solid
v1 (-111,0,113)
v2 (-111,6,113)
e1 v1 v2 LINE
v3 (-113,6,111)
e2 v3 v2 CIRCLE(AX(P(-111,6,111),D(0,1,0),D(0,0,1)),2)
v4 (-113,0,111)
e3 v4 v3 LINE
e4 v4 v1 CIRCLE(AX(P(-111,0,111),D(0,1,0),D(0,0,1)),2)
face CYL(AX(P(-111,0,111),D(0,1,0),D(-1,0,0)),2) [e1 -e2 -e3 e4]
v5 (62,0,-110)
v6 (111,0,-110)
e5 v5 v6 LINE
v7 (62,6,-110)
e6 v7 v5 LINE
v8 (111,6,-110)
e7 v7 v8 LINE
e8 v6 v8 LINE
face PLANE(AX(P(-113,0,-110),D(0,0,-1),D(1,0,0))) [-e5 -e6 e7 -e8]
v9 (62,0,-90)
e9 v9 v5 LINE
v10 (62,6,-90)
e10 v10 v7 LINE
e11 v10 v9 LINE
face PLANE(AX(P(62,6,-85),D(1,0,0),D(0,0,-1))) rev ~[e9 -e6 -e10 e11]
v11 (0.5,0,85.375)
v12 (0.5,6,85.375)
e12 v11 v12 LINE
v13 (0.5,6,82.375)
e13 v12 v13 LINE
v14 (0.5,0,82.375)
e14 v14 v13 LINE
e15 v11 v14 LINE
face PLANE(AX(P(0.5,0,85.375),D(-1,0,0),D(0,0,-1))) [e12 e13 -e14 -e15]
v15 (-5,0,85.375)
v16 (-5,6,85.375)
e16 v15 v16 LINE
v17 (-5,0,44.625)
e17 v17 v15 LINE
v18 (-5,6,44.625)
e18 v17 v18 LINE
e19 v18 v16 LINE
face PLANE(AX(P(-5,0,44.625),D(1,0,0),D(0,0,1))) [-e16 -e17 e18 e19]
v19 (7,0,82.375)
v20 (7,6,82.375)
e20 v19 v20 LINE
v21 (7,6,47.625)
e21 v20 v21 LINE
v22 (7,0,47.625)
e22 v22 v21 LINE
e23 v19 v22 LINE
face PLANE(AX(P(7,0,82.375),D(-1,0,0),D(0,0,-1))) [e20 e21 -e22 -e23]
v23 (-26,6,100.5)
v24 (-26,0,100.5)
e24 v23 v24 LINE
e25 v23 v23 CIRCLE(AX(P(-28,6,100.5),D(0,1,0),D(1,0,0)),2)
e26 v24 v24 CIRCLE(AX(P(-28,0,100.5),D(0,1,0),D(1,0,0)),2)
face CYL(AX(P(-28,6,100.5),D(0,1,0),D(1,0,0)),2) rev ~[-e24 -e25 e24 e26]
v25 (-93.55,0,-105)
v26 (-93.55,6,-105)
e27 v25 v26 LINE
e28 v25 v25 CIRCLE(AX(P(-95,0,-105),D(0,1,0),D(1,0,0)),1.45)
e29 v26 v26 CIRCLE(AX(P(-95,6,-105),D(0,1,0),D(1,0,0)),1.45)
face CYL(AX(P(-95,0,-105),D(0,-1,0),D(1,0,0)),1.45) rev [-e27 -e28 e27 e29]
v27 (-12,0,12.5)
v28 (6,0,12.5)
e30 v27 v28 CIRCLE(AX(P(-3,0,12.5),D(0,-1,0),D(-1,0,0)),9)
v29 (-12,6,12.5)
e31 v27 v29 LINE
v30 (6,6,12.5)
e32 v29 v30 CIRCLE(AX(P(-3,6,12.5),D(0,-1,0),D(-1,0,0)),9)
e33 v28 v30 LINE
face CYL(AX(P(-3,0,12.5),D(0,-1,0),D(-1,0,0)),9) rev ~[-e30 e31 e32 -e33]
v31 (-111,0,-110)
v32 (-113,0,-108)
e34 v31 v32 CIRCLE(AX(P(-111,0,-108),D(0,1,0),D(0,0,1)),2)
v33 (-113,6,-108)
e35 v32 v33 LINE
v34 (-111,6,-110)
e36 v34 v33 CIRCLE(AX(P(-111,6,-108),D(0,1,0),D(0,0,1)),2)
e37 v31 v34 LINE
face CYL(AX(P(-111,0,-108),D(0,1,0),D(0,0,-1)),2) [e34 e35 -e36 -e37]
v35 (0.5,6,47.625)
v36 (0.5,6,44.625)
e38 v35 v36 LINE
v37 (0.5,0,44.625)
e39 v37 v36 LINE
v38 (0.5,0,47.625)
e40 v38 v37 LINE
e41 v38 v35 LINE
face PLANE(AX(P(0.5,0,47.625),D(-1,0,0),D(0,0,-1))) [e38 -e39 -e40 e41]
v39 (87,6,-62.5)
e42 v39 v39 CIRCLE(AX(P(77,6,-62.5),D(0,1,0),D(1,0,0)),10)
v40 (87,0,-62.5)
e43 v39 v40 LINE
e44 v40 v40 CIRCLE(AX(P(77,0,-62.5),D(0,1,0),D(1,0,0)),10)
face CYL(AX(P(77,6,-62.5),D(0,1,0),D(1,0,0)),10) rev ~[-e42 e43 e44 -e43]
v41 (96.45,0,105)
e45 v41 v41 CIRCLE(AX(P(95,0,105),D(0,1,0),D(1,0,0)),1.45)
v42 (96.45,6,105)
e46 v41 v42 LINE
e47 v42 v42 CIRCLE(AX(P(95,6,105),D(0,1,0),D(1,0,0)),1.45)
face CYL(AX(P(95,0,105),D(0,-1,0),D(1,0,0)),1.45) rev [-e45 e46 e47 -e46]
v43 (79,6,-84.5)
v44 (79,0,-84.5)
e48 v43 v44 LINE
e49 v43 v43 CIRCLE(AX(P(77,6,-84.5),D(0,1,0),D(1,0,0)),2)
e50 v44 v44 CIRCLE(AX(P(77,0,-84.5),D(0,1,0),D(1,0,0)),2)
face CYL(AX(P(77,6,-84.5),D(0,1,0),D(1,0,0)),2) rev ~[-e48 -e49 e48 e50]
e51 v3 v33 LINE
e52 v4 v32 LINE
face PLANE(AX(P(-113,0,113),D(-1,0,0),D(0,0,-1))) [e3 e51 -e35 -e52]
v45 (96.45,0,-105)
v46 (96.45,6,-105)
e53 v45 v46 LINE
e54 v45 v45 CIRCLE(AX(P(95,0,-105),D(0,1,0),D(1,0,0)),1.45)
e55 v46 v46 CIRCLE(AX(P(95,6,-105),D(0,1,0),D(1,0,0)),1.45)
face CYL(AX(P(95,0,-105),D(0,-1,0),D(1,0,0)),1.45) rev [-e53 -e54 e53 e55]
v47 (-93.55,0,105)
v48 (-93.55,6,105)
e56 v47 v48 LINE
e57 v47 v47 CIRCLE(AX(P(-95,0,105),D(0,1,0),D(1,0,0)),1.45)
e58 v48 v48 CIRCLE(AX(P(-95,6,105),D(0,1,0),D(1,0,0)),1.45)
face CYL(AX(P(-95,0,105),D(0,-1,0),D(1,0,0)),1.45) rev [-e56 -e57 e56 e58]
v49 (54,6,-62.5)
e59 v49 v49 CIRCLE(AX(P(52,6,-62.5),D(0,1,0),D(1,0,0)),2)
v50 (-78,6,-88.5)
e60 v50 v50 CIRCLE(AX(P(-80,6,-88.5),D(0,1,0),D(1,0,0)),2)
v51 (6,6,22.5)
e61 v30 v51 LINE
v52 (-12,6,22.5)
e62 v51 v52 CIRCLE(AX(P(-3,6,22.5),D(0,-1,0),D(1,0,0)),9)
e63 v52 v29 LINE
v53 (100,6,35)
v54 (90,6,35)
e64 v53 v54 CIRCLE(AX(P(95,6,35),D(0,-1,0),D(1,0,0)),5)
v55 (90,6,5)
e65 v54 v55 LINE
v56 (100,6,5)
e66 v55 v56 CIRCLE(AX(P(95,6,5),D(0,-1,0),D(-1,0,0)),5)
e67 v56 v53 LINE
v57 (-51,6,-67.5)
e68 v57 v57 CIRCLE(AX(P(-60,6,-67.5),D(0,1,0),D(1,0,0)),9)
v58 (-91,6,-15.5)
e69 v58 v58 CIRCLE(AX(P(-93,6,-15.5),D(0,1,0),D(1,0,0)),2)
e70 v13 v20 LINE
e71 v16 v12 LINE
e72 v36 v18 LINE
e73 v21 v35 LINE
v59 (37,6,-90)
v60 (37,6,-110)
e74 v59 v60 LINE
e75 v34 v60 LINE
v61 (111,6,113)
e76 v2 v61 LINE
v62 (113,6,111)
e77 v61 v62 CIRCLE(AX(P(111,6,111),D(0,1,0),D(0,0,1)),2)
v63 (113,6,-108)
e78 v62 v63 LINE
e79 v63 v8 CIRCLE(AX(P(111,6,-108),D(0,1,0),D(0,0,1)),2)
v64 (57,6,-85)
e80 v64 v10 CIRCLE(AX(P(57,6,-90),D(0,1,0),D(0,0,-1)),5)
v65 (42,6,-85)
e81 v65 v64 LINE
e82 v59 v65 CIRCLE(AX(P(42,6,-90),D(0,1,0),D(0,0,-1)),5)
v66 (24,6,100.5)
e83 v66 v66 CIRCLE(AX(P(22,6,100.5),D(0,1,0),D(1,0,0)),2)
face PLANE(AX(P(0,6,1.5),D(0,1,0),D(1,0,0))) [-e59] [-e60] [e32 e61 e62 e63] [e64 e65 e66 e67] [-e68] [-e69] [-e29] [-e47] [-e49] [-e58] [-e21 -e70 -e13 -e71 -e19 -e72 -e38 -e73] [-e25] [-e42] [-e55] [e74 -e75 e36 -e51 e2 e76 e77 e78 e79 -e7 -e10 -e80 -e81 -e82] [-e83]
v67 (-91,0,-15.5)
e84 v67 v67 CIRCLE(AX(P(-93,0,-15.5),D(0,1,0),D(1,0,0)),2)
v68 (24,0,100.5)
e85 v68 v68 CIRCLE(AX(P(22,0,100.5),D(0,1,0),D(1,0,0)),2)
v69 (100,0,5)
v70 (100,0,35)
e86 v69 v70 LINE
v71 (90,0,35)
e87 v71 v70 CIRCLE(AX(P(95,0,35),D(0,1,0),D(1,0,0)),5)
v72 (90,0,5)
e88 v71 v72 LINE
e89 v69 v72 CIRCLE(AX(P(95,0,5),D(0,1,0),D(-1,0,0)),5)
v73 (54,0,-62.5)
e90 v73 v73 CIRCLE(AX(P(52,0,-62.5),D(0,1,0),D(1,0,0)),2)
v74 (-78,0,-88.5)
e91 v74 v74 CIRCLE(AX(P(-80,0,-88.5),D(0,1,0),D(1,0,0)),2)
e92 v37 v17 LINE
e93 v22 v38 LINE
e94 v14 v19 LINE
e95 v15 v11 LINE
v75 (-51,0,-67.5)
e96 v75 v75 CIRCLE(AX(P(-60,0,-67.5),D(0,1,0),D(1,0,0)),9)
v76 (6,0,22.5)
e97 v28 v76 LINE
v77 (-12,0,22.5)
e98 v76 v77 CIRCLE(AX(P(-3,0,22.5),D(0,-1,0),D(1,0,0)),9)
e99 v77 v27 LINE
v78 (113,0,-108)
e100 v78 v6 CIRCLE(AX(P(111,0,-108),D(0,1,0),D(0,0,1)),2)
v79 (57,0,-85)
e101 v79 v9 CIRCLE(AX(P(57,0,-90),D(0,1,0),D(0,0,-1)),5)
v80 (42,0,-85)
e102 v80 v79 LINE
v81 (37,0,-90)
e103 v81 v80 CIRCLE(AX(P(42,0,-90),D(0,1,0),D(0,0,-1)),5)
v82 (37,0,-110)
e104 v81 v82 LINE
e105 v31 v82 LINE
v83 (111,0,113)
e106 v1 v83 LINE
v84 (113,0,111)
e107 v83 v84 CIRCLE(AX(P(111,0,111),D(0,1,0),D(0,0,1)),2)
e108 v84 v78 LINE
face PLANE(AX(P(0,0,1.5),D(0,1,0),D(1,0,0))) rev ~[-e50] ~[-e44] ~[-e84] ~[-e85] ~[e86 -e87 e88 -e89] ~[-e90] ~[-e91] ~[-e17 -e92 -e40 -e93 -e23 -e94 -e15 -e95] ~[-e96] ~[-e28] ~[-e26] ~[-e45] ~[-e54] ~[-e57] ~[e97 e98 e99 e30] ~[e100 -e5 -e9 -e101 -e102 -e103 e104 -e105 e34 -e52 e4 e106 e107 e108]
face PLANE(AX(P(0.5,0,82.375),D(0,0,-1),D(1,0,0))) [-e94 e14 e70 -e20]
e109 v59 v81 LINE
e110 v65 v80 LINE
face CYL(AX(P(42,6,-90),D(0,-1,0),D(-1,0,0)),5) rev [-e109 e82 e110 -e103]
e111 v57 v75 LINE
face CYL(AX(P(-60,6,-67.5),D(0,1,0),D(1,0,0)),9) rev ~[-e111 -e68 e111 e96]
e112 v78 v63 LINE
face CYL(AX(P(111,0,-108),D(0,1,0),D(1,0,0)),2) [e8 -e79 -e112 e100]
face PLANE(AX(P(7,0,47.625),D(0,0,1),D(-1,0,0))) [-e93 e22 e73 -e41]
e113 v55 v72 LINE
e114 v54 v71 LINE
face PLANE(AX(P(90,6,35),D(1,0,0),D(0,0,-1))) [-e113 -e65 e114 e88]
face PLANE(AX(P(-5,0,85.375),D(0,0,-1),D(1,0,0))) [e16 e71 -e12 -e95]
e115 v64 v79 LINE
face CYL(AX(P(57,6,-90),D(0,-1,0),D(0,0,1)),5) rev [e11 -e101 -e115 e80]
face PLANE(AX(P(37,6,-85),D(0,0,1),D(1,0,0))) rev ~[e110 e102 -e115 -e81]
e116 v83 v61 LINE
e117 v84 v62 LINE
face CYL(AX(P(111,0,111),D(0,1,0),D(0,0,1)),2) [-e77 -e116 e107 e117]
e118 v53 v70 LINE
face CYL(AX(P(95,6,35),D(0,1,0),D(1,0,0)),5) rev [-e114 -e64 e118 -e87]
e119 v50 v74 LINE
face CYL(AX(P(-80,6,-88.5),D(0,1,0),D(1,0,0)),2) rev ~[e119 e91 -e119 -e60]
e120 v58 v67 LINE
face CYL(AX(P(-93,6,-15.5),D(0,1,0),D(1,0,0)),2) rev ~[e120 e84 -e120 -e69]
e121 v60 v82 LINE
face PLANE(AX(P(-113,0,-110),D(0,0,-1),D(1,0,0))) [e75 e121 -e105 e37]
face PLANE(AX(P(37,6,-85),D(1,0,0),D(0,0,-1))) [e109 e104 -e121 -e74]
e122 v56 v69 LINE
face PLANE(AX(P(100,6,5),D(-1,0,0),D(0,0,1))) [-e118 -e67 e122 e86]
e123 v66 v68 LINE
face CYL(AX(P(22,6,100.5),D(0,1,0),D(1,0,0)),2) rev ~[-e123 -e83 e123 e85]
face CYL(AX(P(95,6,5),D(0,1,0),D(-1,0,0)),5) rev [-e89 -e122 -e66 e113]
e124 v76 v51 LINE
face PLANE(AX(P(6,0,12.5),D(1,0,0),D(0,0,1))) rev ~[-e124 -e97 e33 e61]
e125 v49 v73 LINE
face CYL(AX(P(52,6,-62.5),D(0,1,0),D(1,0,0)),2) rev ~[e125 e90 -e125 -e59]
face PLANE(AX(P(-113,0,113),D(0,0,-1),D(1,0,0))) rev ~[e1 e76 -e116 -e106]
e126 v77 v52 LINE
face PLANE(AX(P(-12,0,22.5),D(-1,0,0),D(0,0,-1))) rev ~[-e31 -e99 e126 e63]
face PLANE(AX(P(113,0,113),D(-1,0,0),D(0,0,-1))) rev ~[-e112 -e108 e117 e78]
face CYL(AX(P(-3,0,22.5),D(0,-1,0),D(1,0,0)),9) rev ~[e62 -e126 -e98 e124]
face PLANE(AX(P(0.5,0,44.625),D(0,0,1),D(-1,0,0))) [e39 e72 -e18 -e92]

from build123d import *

# Parameters (mm, degrees)
SKETCH1_W           = 226
SKETCH1_H           = 223
SKETCH1_R           = 1.45
BOSS_EXTRUDE1_DEPTH = 6
SKETCH2_R           = 2
SKETCH2_R_2         = 9
SKETCH2_R_3         = 10
SKETCH2_W           = 25
SKETCH2_H           = 25
CUT_EXTRUDE1_DEPTH  = 7
FILLET1_R           = 5
FILLET2_R           = 2


with BuildPart() as part:
    # Sketch1 → Boss-Extrude1 (new body)
    with BuildSketch(Plane(origin=(0, 0, 0), x_dir=(1, 0, 0), z_dir=(0, 1, 0))):
        with Locations((0, -1.5)):
            Rectangle(SKETCH1_W, SKETCH1_H)
        with Locations((-95, -105)):
            Circle(SKETCH1_R, mode=Mode.SUBTRACT)
        with Locations((-95, 105)):
            Circle(SKETCH1_R, mode=Mode.SUBTRACT)
        with Locations((95, 105)):
            Circle(SKETCH1_R, mode=Mode.SUBTRACT)
        with Locations((95, -105)):
            Circle(SKETCH1_R, mode=Mode.SUBTRACT)
        Polygon((-5, -85.375), (0.5, -85.375), (0.5, -82.375), (7, -82.375), (7, -47.625), (0.5, -47.625), (0.5, -44.625), (-5, -44.625), align=None, mode=Mode.SUBTRACT)
        with BuildLine():
            Line((6, -12.5), (6, -22.5))
            ThreePointArc((6, -22.5), (-3, -31.5), (-12, -22.5))
            Line((-12, -22.5), (-12, -12.5))
            ThreePointArc((-12, -12.5), (-3, -3.5), (6, -12.5))
        make_face(mode=Mode.SUBTRACT)
    extrude(amount=BOSS_EXTRUDE1_DEPTH)

    # Sketch2 → Cut-Extrude1 (cut, through all)
    with BuildSketch(Plane(origin=(0, 6, 0), x_dir=(1, 0, 0), z_dir=(0, 1, 0))):
        with Locations((-28, -100.5)):
            Circle(SKETCH2_R)
        with Locations((22, -100.5)):
            Circle(SKETCH2_R)
        with Locations((-80, 88.5)):
            Circle(SKETCH2_R)
        with Locations((77, 84.5)):
            Circle(SKETCH2_R)
        with Locations((-93, 15.5)):
            Circle(SKETCH2_R)
        with Locations((52, 62.5)):
            Circle(SKETCH2_R)
        with Locations((-60, 67.5)):
            Circle(SKETCH2_R_2)
        with Locations((77, 62.5)):
            Circle(SKETCH2_R_3)
        with BuildLine():
            Line((90, -35), (90, -5))
            ThreePointArc((90, -5), (95, 0), (100, -5))
            Line((100, -5), (100, -35))
            ThreePointArc((100, -35), (95, -40), (90, -35))
        make_face()
        with Locations((49.5, 97.5)):
            Rectangle(SKETCH2_W, SKETCH2_H)
    extrude(amount=-CUT_EXTRUDE1_DEPTH, mode=Mode.SUBTRACT)

    # Fillet1
    fillet1_edges = [part.edges().sort_by_distance(p)[0] for p in [
        (62, 3, -85),
        (37, 3, -85),
    ]]
    fillet(fillet1_edges, radius=FILLET1_R)

    # Fillet2
    fillet2_edges = [part.edges().sort_by_distance(p)[0] for p in [
        (-113, 3, -110),
        (113, 3, -110),
        (113, 3, 113),
        (-113, 3, 113),
    ]]
    fillet(fillet2_edges, radius=FILLET2_R)


solid = part.part
